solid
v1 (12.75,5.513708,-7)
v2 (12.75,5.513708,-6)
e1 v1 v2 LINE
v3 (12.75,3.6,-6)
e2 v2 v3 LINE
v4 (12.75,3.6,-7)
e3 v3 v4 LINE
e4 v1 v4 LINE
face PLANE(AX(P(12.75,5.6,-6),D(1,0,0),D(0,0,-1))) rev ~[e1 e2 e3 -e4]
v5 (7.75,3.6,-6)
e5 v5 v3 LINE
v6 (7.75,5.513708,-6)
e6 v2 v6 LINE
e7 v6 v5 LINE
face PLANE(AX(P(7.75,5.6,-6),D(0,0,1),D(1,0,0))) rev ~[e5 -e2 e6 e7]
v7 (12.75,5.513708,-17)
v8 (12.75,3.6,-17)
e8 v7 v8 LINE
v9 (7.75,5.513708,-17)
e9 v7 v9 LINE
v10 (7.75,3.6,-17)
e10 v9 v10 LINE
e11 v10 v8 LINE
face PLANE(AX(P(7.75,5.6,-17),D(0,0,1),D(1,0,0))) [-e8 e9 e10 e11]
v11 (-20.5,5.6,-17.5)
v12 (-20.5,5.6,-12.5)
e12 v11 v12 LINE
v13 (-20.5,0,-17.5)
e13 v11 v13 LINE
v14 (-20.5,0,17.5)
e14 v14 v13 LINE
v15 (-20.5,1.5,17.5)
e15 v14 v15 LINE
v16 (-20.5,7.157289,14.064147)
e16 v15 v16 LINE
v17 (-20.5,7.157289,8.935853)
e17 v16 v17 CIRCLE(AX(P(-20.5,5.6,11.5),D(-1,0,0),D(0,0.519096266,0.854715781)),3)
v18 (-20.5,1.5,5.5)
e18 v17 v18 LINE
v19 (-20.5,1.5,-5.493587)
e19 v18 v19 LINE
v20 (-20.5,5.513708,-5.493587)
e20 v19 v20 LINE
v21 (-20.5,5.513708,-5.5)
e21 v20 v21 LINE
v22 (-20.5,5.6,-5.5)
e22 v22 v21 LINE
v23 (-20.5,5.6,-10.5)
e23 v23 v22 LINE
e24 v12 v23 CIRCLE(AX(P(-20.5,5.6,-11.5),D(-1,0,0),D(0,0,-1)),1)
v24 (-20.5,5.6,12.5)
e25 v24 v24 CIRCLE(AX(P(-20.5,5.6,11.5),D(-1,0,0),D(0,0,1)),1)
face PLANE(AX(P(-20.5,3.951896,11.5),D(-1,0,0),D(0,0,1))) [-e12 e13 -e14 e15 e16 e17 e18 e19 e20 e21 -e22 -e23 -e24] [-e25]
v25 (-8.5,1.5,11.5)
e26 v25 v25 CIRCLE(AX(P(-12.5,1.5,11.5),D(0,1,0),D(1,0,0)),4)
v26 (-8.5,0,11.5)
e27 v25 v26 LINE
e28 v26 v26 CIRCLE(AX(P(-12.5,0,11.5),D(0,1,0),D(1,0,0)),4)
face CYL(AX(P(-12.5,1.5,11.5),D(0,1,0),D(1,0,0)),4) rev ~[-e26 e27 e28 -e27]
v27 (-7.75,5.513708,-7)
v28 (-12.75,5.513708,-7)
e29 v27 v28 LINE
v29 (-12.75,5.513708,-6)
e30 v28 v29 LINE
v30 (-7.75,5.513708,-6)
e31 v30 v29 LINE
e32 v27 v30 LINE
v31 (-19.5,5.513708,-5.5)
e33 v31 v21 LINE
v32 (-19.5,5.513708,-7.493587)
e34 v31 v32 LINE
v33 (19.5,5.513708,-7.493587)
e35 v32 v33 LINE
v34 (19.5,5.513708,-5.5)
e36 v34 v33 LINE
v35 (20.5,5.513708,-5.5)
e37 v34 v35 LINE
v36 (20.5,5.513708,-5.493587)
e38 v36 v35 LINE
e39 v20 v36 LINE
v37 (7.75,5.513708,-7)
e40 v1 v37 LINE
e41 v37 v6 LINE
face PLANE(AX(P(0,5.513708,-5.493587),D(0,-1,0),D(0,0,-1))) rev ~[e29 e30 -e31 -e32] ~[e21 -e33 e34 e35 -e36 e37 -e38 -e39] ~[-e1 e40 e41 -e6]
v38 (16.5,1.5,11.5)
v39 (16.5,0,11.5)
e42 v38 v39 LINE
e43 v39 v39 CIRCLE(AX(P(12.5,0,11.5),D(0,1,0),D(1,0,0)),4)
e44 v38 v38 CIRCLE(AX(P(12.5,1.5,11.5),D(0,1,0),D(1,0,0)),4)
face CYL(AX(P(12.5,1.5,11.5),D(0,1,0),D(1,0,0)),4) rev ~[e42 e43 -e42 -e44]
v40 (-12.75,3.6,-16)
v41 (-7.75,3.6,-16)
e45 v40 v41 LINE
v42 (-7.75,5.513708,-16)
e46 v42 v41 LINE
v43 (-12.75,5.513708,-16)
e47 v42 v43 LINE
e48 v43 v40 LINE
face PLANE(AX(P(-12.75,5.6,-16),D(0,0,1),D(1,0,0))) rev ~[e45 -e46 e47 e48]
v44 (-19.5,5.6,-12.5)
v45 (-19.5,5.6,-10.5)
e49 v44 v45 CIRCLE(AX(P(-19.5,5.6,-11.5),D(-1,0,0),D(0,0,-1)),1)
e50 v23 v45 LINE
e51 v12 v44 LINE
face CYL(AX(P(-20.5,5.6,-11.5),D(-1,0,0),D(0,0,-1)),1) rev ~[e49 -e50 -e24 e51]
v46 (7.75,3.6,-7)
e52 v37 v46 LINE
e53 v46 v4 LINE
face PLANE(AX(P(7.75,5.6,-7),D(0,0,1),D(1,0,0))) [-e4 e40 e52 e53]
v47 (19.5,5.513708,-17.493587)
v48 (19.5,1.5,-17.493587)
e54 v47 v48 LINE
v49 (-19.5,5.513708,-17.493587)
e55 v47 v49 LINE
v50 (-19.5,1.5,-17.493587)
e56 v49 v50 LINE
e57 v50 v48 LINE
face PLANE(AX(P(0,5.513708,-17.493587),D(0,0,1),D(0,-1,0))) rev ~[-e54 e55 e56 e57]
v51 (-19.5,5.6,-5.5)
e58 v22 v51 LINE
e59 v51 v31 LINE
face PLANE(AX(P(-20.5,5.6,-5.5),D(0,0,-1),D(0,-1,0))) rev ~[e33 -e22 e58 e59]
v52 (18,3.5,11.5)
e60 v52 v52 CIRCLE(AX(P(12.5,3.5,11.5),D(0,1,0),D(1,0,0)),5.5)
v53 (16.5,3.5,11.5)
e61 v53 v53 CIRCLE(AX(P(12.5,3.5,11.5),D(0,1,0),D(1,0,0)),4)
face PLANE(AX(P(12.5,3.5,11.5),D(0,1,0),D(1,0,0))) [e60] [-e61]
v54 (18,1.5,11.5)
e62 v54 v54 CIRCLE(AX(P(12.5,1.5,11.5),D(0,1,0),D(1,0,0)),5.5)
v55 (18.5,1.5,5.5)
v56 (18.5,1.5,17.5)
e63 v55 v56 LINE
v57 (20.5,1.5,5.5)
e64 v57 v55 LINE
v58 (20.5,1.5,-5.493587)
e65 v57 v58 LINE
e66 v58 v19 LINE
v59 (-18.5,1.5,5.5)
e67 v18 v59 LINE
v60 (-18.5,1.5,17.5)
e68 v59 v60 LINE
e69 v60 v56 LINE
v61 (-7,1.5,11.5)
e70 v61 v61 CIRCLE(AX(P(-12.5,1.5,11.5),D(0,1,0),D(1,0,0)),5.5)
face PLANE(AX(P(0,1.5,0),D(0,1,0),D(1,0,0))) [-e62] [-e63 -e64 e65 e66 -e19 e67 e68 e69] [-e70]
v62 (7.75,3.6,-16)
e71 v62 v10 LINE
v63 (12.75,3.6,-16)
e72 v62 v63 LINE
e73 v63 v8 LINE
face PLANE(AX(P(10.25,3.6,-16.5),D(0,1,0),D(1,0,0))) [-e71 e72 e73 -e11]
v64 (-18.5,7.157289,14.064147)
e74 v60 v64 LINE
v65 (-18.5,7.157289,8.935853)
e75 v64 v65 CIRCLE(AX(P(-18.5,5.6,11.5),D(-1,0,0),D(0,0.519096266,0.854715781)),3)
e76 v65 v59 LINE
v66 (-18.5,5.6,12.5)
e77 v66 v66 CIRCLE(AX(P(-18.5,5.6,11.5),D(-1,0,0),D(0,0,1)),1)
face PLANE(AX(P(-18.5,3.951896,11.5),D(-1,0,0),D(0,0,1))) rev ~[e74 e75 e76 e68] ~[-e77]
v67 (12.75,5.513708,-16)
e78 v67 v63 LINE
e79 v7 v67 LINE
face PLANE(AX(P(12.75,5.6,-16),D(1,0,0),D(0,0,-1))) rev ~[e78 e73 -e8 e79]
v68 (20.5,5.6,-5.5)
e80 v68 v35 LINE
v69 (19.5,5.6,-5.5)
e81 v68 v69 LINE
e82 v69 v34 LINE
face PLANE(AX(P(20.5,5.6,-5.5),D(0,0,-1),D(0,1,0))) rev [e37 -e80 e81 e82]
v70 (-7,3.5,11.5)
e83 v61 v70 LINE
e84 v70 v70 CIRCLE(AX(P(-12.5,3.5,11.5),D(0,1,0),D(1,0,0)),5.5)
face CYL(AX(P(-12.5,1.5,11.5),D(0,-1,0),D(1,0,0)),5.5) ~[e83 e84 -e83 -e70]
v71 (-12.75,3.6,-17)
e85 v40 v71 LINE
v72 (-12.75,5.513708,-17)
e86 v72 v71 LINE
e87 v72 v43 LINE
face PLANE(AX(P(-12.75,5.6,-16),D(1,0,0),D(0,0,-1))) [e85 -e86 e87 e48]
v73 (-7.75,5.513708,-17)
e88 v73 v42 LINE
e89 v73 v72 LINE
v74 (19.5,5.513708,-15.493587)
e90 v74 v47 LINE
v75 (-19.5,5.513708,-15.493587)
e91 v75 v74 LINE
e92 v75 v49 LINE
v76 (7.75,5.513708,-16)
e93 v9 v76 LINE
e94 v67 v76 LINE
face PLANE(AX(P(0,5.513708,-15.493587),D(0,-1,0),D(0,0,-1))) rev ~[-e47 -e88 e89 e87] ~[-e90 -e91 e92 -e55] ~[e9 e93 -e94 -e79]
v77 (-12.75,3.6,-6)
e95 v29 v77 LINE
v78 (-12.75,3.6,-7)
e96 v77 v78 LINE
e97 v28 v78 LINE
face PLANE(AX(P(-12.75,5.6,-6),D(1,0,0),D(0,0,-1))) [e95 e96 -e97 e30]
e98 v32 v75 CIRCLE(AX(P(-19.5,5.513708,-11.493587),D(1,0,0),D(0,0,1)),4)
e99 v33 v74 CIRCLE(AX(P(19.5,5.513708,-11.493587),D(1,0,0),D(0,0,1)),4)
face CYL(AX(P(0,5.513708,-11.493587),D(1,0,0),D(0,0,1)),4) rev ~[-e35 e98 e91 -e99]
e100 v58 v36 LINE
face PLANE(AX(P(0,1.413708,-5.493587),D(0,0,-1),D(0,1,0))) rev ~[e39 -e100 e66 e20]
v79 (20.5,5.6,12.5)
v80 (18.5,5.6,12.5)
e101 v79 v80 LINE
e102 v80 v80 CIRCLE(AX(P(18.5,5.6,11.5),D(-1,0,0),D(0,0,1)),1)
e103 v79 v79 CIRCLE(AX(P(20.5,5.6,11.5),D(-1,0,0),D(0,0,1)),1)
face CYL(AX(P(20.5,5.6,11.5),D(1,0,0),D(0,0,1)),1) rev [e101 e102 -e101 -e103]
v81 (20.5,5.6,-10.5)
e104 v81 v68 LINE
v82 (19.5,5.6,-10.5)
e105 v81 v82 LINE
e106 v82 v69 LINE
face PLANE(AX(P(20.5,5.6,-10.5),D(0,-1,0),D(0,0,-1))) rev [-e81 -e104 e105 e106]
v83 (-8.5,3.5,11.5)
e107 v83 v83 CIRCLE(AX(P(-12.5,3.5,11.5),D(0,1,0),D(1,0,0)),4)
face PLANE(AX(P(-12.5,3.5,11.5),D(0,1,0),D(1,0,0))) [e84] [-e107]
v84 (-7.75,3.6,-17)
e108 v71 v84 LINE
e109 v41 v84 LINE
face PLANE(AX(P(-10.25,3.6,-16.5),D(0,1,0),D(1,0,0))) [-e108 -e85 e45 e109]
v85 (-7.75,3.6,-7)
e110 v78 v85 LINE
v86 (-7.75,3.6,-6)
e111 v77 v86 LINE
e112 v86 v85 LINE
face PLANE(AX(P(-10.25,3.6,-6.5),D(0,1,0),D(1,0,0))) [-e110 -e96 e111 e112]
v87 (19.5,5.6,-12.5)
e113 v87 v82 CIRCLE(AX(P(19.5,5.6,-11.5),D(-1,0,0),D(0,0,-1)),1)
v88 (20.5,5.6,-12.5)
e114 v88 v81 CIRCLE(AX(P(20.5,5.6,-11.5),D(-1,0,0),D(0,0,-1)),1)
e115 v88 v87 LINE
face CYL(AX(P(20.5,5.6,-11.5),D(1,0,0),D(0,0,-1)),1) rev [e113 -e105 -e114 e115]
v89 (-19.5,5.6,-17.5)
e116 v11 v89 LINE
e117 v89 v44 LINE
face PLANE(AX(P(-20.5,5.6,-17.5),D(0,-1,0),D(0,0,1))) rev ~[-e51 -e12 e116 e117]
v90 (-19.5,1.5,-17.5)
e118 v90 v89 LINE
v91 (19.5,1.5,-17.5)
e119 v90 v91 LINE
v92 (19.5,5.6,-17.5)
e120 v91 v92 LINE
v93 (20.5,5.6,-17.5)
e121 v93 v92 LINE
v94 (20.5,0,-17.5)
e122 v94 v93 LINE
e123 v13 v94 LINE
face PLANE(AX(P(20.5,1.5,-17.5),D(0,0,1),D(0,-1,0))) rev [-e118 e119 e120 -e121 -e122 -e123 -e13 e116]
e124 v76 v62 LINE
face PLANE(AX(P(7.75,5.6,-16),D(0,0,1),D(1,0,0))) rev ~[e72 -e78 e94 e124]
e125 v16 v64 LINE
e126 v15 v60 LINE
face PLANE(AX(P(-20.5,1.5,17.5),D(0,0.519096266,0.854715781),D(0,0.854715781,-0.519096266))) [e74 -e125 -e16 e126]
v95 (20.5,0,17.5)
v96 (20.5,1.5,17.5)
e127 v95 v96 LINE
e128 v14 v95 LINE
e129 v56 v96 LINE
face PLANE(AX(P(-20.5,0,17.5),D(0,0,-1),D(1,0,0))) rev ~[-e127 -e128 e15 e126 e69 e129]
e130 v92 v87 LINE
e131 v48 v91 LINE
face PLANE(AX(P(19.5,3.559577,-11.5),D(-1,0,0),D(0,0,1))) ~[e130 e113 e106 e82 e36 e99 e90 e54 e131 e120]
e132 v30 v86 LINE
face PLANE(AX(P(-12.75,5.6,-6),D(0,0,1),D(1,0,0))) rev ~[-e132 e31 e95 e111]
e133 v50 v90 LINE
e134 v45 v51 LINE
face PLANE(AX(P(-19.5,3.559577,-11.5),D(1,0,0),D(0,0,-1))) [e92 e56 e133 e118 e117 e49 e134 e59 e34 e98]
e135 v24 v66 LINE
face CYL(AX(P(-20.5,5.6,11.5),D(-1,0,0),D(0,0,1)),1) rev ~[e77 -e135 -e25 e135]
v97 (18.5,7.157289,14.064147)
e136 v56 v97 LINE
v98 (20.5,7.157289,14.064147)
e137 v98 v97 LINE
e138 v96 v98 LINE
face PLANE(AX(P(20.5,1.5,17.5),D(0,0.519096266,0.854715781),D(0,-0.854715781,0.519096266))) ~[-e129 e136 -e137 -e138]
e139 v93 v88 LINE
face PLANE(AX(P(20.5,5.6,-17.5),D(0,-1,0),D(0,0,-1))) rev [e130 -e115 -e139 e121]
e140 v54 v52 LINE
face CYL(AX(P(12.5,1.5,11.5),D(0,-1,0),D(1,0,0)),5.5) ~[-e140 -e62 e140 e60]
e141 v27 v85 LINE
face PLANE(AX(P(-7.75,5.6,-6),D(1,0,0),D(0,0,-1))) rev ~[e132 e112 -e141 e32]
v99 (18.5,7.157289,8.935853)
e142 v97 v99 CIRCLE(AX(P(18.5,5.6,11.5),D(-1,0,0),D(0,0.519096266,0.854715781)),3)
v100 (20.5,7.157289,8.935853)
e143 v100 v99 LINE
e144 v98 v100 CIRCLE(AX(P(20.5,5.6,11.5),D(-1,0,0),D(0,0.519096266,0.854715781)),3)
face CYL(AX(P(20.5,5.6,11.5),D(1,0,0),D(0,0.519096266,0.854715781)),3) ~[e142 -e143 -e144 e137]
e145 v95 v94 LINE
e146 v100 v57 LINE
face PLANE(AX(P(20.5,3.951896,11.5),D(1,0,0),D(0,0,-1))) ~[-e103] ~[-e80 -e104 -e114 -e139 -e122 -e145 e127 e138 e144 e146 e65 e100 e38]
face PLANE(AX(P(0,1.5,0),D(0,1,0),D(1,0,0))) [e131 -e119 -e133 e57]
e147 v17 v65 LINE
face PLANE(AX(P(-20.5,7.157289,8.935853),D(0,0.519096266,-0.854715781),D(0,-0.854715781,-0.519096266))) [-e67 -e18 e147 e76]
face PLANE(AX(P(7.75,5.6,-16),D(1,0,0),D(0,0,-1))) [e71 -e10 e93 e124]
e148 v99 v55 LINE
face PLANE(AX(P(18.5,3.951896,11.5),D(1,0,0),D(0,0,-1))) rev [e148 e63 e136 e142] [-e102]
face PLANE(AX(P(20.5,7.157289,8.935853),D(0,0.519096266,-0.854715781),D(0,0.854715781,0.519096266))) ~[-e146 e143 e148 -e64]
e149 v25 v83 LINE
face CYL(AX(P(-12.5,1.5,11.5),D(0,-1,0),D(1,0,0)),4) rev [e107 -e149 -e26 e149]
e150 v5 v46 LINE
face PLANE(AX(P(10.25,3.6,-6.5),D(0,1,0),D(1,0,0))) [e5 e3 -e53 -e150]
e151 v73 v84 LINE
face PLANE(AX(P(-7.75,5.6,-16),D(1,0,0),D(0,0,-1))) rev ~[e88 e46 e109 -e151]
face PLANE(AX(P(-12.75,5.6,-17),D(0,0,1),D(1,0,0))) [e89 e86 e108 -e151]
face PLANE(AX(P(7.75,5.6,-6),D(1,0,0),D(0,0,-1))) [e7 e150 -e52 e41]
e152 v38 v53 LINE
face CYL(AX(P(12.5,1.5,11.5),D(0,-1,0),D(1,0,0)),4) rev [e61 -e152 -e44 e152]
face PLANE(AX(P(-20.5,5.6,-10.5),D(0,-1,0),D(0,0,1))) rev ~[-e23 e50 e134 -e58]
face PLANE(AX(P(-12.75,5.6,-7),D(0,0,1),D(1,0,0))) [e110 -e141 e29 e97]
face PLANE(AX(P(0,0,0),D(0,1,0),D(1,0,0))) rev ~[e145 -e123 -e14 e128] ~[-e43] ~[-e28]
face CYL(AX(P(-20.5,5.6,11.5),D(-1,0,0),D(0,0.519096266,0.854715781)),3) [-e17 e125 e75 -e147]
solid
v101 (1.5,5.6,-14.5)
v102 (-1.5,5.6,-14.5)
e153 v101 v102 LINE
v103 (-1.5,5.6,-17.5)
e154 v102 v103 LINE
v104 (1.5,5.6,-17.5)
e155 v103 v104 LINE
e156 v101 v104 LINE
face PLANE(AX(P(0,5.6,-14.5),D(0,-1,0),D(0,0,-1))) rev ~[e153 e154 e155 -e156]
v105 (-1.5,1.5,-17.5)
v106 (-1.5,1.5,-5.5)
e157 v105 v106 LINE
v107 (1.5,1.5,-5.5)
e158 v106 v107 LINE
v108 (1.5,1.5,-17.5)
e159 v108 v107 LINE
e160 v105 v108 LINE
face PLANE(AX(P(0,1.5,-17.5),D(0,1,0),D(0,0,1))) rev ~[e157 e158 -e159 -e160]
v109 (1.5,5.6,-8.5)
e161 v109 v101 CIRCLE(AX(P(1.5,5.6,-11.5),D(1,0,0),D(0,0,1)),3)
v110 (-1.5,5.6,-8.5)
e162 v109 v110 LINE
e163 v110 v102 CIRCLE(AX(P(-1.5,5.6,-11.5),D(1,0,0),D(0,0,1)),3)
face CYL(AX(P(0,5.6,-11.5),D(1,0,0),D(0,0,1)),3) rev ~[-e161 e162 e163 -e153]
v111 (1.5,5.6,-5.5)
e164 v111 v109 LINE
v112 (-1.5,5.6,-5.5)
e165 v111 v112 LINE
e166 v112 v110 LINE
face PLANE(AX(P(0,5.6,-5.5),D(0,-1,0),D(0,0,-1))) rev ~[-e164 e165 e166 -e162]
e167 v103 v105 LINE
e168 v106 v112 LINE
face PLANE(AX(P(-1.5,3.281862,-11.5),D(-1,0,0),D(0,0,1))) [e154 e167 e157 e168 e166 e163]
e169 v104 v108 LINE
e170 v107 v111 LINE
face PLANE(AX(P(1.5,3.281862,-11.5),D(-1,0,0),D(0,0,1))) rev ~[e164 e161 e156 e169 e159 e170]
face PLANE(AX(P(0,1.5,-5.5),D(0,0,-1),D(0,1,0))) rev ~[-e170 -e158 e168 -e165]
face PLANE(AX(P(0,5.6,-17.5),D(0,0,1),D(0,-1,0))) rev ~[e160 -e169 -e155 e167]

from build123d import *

# Parameters (mm, degrees)
SKETCH1_W           = 41
SKETCH1_H           = 35
BOSS_EXTRUDE1_DEPTH = 1.5
BOSS_EXTRUDE3_DEPTH = 1.5
BOSS_EXTRUDE4_DEPTH = 1
SKETCH5_R           = 1
BOSS_EXTRUDE5_DEPTH = 2
SKETCH6_R           = 4
CUT_EXTRUDE1_DEPTH  = 3
SKETCH7_R           = 5.5
SKETCH7_R_2         = 4
BOSS_EXTRUDE6_DEPTH = 2
BOSS_EXTRUDE7_DEPTH = 20.5
SKETCH8_W           = 5
SKETCH8_H           = 1
CUT_EXTRUDE2_DEPTH  = 2


with BuildPart() as part:
    # Sketch1 → Boss-Extrude1 (new body)
    with BuildSketch(Plane(origin=(0, 0, 0), x_dir=(1, 0, 0), z_dir=(0, 1, 0))):
        Rectangle(SKETCH1_W, SKETCH1_H)
    extrude(amount=BOSS_EXTRUDE1_DEPTH)

    # Sketch4 → Boss-Extrude4 (add)
    with BuildSketch(Plane.ZY.offset(20.5)):
        with BuildLine():
            Line((-10.5, 5.6), (-5.5, 5.6))
            Line((-5.5, 5.6), (-5.5, 1.5))
            Line((-5.5, 1.5), (-17.5, 1.5))
            Line((-17.5, 1.5), (-17.5, 5.6))
            Line((-17.5, 5.6), (-12.5, 5.6))
            ThreePointArc((-12.5, 5.6), (-11.5, 4.6), (-10.5, 5.6))
        make_face()
    boss_extrude4 = extrude(amount=-BOSS_EXTRUDE4_DEPTH)

    # Mirror1: Boss-Extrude4 across plane
    add(boss_extrude4.mirror(Plane(origin=(0, 0, 0), x_dir=(0, 0, 1), z_dir=(1, 0, 0))))

    # Sketch5 → Boss-Extrude5 (add)
    with BuildSketch(Plane.ZY.offset(20.5)):
        with BuildLine():
            Line((8.935852656, 7.157288797), (5.5, 1.5))
            Line((5.5, 1.5), (17.5, 1.5))
            Line((17.5, 1.5), (14.064147344, 7.157288797))
            ThreePointArc((14.064147344, 7.157288797), (11.5, 8.6), (8.935852656, 7.157288797))
        make_face()
        with Locations((11.5, 5.6)):
            Circle(SKETCH5_R, mode=Mode.SUBTRACT)
    boss_extrude5 = extrude(amount=-BOSS_EXTRUDE5_DEPTH)

    # Mirror2: Boss-Extrude5 across plane
    add(boss_extrude5.mirror(Plane(origin=(0, 0, 0), x_dir=(0, 0, 1), z_dir=(1, 0, 0))))

    # Sketch6 → Cut-Extrude1 (cut)
    with BuildSketch(Plane(origin=(0, 1.5, 0), x_dir=(1, 0, 0), z_dir=(0, 1, 0))):
        with Locations((-12.5, -11.5)):
            Circle(SKETCH6_R)
        with Locations((12.5, -11.5)):
            Circle(SKETCH6_R)
    extrude(amount=-CUT_EXTRUDE1_DEPTH, mode=Mode.SUBTRACT)

    # Sketch7 → Boss-Extrude6 (add)
    with BuildSketch(Plane(origin=(0, 1.5, 0), x_dir=(1, 0, 0), z_dir=(0, 1, 0))):
        with Locations((-12.5, -11.5)):
            Circle(SKETCH7_R)
        with Locations((-12.5, -11.5)):
            Circle(SKETCH7_R_2, mode=Mode.SUBTRACT)
        with Locations((12.5, -11.5)):
            Circle(SKETCH7_R)
        with Locations((12.5, -11.5)):
            Circle(SKETCH7_R_2, mode=Mode.SUBTRACT)
    extrude(amount=BOSS_EXTRUDE6_DEPTH)

    # Sketch9 → Boss-Extrude7 (add, symmetric)
    with BuildSketch(Plane(origin=(0, 0, 0), x_dir=(0, 0, -1), z_dir=(1, 0, 0))):
        with BuildLine():
            Line((15.493586506, 5.513707806), (17.493586506, 5.513707806))
            Line((17.493586506, 5.513707806), (17.493586506, 1.413707806))
            Line((17.493586506, 1.413707806), (5.493586506, 1.413707806))
            Line((5.493586506, 1.413707806), (5.493586506, 5.513707806))
            Line((5.493586506, 5.513707806), (7.493586506, 5.513707806))
            ThreePointArc((7.493586506, 5.513707806), (11.493586506, 1.513707806), (15.493586506, 5.513707806))
        make_face()
    extrude(amount=BOSS_EXTRUDE7_DEPTH, both=True)

    # Sketch8 → Cut-Extrude2 (cut)
    with BuildSketch(Plane(origin=(0, 5.6, 0), x_dir=(1, 0, 0), z_dir=(0, 1, 0))):
        with Locations((-10.25, 16.5)):
            Rectangle(SKETCH8_W, SKETCH8_H)
        with Locations((-10.25, 6.5)):
            Rectangle(SKETCH8_W, SKETCH8_H)
        with Locations((10.25, 6.5)):
            Rectangle(SKETCH8_W, SKETCH8_H)
        with Locations((10.25, 16.5)):
            Rectangle(SKETCH8_W, SKETCH8_H)
    extrude(amount=-CUT_EXTRUDE2_DEPTH, mode=Mode.SUBTRACT)


with BuildPart() as body_2:
    # Sketch3 → Boss-Extrude3 (new body, symmetric)
    with BuildSketch(Plane(origin=(0, 0, 0), x_dir=(0, 0, -1), z_dir=(1, 0, 0))):
        with BuildLine():
            Line((5.5, 1.5), (5.5, 5.6))
            Line((5.5, 5.6), (8.5, 5.6))
            ThreePointArc((8.5, 5.6), (11.5, 2.6), (14.5, 5.6))
            Line((14.5, 5.6), (17.5, 5.6))
            Line((17.5, 5.6), (17.5, 1.5))
            Line((17.5, 1.5), (5.5, 1.5))
        make_face()
    extrude(amount=BOSS_EXTRUDE3_DEPTH, both=True)


solid = Compound([part.part, body_2.part])
